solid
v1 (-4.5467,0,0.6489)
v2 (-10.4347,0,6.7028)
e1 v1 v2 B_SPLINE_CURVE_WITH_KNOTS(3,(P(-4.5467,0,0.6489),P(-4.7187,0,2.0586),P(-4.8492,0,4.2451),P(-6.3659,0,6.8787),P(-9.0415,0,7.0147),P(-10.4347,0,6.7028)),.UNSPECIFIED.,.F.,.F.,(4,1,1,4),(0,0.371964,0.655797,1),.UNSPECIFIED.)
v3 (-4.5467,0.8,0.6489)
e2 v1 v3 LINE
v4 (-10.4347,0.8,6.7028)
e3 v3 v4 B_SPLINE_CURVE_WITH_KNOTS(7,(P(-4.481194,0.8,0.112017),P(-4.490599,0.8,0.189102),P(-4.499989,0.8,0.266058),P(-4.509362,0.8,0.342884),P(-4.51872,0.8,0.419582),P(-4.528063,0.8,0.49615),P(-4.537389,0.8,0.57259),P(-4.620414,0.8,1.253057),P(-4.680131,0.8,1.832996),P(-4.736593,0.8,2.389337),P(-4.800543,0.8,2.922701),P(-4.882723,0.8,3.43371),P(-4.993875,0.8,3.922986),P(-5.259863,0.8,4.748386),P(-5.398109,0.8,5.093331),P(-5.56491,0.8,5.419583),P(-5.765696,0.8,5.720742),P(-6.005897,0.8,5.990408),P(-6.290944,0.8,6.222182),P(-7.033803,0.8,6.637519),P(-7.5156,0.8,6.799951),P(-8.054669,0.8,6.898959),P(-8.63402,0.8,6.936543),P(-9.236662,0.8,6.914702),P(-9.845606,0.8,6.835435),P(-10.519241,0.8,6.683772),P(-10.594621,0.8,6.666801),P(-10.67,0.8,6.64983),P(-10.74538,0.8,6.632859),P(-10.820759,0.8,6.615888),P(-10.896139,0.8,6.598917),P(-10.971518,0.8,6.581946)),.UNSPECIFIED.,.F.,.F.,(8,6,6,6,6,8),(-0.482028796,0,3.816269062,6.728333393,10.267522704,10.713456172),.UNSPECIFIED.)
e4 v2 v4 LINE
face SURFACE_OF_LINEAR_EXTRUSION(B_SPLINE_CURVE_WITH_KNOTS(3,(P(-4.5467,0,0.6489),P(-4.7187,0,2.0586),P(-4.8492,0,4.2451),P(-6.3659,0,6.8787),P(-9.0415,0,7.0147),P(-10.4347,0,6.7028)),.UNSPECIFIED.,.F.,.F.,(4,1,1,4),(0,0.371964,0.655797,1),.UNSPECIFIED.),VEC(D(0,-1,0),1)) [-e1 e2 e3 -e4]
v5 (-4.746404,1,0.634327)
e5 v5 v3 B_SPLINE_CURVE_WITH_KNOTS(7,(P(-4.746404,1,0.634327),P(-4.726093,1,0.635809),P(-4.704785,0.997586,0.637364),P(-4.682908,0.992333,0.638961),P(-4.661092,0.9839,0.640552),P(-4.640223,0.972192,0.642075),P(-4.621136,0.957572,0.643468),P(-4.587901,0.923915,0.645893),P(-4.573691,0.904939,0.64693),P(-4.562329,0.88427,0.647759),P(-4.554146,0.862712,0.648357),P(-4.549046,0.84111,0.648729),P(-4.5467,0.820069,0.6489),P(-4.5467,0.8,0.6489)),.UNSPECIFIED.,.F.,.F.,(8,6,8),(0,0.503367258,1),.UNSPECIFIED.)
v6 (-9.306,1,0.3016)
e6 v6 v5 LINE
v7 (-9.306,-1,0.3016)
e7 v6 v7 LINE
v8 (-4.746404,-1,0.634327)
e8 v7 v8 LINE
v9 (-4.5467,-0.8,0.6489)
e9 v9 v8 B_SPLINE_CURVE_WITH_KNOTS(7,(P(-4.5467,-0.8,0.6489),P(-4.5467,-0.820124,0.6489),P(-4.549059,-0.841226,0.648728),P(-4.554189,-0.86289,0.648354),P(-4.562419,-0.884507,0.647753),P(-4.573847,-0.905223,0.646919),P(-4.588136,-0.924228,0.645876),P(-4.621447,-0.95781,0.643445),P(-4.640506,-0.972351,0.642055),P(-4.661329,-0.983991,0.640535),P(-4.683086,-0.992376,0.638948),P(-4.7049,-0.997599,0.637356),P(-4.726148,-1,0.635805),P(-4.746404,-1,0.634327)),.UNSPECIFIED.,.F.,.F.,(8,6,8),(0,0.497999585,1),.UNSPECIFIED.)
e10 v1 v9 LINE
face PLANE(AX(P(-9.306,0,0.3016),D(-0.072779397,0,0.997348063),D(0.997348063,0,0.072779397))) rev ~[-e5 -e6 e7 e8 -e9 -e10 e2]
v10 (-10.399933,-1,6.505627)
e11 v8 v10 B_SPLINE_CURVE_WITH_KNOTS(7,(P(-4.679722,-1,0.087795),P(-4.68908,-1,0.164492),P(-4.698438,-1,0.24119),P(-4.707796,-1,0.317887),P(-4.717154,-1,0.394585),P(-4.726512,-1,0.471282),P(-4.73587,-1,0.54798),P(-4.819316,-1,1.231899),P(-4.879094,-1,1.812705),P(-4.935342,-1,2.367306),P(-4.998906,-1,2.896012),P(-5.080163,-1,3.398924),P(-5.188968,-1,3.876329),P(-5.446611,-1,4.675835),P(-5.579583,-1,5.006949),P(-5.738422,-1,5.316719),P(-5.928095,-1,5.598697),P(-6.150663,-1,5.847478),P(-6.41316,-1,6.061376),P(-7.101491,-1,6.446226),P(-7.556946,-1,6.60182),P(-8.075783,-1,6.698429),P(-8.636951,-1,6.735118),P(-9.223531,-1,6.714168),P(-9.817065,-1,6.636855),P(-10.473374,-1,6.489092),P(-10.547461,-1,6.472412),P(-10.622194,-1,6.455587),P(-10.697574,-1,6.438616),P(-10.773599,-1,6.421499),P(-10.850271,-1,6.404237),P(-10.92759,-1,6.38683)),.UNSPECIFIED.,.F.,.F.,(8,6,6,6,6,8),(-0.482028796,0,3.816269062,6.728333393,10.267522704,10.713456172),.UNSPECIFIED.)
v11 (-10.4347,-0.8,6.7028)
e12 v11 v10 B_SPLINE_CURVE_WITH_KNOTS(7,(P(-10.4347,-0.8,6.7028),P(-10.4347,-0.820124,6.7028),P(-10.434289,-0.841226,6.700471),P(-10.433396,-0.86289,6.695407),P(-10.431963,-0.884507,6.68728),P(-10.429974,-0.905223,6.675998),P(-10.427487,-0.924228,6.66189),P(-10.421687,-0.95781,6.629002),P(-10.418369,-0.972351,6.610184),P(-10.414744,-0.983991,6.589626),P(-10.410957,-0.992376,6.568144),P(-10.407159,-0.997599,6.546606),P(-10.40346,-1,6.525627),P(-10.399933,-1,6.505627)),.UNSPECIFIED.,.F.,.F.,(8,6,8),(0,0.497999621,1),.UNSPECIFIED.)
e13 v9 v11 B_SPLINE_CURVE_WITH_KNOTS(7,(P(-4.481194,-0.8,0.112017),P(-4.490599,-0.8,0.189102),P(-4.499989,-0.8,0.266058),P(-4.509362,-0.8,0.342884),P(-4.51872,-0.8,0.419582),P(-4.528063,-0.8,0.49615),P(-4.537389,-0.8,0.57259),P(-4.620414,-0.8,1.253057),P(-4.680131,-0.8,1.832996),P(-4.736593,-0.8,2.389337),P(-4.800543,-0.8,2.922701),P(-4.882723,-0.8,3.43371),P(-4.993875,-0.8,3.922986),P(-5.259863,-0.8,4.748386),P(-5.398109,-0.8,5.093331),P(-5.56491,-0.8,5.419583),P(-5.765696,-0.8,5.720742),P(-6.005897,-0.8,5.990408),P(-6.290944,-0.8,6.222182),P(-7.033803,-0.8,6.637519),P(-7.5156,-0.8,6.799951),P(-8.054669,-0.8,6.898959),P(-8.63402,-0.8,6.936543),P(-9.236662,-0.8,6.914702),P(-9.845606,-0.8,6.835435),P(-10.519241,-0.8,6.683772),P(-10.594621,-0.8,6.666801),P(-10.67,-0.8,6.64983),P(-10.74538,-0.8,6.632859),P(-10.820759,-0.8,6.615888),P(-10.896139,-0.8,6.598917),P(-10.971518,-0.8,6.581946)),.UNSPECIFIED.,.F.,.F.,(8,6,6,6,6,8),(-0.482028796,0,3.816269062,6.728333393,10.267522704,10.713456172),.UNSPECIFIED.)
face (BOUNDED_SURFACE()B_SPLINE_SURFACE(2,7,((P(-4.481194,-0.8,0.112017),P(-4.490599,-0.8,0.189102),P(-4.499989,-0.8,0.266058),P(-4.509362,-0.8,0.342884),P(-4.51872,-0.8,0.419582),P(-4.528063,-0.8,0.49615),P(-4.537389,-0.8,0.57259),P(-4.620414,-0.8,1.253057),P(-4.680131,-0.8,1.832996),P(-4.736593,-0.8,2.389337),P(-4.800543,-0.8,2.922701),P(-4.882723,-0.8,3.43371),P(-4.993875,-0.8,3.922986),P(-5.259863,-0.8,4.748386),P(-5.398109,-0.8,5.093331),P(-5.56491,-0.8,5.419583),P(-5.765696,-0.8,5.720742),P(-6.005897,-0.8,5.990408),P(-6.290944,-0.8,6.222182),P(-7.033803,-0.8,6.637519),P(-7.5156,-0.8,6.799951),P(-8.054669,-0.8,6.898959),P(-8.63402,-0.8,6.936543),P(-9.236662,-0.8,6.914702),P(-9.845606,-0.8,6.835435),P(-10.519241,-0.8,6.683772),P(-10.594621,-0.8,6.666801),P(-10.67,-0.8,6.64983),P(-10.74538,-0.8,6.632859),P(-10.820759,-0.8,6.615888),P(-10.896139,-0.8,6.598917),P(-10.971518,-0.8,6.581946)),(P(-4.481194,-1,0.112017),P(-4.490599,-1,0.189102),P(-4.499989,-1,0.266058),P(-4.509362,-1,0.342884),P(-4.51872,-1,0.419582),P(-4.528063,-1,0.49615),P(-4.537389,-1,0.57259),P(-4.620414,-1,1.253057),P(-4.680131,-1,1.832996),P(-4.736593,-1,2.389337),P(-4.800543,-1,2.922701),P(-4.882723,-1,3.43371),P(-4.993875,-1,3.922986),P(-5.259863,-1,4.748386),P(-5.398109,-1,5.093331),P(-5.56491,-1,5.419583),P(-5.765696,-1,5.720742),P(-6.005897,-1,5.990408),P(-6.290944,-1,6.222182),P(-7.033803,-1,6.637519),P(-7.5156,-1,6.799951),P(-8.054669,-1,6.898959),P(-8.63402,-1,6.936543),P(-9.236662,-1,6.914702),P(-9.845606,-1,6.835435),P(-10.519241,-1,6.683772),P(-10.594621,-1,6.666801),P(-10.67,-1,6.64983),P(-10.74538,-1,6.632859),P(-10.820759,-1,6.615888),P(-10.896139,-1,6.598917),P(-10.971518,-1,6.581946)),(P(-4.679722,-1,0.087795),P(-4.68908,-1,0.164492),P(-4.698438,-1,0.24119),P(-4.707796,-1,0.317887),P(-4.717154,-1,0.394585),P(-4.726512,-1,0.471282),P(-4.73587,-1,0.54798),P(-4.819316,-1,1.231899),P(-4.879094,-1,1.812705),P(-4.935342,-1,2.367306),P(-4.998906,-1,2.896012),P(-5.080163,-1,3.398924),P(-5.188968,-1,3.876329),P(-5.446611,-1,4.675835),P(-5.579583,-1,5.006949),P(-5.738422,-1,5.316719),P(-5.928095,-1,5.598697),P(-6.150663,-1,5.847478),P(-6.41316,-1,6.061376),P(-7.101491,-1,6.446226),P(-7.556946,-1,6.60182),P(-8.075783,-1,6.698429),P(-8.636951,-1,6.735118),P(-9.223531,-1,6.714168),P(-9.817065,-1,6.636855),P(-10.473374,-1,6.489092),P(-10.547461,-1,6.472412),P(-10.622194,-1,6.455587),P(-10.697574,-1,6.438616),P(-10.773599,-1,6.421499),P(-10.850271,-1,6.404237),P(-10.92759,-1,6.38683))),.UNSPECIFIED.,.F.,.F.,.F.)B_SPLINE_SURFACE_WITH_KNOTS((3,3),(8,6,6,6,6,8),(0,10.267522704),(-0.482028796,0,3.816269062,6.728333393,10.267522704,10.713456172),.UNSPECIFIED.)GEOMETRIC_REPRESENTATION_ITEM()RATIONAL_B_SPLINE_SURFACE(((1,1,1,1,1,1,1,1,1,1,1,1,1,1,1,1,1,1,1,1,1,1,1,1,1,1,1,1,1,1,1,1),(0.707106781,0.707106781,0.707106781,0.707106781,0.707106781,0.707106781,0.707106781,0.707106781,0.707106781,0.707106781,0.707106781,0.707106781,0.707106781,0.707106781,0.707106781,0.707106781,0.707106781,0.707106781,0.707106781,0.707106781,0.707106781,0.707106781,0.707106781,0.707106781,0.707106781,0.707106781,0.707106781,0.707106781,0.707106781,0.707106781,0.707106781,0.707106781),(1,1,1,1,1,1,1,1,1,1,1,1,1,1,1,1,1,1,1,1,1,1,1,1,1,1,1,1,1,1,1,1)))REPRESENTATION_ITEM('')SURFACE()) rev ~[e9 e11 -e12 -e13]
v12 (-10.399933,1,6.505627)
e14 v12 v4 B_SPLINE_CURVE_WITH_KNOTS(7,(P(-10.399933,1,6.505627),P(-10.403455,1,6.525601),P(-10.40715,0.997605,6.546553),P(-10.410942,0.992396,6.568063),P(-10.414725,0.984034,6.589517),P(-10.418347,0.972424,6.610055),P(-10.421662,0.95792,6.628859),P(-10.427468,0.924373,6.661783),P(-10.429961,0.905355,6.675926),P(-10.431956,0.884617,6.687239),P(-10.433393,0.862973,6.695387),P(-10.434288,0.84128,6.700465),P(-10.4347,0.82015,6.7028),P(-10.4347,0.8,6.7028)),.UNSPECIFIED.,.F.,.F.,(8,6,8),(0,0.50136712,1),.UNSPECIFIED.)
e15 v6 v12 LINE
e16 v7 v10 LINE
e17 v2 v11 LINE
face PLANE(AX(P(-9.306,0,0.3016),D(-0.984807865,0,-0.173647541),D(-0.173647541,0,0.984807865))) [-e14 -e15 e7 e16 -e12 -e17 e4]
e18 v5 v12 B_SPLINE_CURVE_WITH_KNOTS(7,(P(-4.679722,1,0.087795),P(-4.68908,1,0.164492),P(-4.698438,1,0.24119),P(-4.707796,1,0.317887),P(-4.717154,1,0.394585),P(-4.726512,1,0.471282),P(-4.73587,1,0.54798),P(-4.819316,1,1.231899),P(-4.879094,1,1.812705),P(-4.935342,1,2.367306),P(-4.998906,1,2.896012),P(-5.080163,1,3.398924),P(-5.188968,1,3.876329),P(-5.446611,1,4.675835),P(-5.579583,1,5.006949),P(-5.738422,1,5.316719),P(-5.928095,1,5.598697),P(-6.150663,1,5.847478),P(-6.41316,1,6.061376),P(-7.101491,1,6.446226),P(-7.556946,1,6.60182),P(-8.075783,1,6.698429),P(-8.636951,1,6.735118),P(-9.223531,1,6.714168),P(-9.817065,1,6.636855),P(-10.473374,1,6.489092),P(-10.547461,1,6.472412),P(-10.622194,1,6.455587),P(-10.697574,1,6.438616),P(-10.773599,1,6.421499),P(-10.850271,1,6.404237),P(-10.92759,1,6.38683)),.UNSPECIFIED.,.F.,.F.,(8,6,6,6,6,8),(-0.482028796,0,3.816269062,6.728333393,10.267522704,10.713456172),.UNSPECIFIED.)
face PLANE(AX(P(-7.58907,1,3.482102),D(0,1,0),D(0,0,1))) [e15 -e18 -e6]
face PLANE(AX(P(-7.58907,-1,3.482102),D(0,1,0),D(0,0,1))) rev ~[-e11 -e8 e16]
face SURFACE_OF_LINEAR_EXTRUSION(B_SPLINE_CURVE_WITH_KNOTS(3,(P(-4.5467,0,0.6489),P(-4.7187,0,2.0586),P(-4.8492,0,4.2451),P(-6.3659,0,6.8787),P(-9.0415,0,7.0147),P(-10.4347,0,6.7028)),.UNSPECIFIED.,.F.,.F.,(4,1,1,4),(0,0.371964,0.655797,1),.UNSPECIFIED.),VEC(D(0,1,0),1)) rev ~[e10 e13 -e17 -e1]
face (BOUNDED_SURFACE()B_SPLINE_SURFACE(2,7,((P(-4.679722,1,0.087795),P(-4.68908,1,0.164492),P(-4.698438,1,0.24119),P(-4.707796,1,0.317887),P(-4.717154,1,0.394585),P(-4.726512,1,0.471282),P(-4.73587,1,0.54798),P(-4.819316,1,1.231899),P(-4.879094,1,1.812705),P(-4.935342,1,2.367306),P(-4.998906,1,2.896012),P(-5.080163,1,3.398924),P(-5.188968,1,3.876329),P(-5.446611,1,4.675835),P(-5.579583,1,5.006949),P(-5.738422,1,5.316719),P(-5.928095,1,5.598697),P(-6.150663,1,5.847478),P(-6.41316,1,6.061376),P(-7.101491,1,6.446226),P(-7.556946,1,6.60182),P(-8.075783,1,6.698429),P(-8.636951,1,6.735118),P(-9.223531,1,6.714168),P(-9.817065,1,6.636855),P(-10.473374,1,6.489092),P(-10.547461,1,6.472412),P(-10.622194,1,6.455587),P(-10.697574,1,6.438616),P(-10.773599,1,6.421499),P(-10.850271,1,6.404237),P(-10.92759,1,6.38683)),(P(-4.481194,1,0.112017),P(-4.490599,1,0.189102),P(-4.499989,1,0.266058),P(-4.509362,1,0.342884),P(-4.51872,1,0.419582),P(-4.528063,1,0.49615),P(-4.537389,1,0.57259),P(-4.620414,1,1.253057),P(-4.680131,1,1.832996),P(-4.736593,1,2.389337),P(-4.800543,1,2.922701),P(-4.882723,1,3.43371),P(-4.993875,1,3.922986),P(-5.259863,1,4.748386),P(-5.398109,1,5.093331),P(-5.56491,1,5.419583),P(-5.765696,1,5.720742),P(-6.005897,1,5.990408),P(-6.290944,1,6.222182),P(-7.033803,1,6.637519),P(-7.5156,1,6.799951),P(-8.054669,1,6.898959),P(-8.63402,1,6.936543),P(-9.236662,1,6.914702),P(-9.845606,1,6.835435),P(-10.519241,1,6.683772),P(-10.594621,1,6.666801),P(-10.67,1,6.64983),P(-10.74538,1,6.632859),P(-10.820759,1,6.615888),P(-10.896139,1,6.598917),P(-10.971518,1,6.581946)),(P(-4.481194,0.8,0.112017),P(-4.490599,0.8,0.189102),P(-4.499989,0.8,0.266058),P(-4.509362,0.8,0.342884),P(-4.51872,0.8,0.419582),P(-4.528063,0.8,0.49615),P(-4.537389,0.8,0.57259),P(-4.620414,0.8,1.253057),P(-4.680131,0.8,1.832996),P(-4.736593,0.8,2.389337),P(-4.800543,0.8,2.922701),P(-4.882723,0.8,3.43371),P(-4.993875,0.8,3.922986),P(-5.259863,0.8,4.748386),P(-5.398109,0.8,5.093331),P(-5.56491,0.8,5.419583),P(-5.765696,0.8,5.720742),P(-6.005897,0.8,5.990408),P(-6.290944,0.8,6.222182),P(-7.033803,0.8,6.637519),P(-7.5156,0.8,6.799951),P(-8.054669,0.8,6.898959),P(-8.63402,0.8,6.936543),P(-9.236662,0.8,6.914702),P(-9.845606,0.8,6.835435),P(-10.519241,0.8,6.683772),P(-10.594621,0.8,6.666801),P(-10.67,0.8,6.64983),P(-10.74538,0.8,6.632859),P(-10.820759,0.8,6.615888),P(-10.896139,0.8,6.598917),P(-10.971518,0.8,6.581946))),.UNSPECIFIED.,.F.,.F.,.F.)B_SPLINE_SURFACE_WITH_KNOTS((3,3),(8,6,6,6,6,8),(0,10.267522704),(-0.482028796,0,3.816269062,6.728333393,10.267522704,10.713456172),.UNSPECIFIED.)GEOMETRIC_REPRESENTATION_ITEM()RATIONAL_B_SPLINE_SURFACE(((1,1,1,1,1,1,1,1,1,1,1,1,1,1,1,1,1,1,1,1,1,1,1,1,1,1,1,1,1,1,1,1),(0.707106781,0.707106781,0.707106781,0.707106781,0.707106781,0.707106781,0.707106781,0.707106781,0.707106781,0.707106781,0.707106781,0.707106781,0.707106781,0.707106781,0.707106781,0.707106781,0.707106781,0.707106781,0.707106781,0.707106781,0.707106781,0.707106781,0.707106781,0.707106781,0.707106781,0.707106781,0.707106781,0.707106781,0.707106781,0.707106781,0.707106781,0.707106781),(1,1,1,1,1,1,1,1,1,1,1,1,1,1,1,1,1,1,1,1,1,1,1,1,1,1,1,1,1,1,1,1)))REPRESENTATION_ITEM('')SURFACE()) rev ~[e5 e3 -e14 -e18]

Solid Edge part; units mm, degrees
sketch "Sketch1" plane through (0, 0, 0) normal (0, -1, 0) x (1, 0, 0)
  line L0 (-9.306, 0.3016) -> (-10.4347, 6.7028)
  spline S0 degree 3 poles (-4.5467, 0.6489) (-4.7187, 2.0586) (-4.8492, 4.2451) (-6.3659, 6.8787) (-9.0415, 7.0147) (-10.4347, 6.7028) knots 0 0 0 0 0.371964 0.655797 1 1 1 1
  line L1 (-9.306, 0.3016) -> (-4.5467, 0.6489)
extrude "Protrusion1" add sketch "Sketch1" along normal mid plane 2
fillet "Round_1" radius 0.2 1 edges at (-5.7206, -1, 5.5885)
fillet "Round_2" radius 0.2 1 edges at (-5.7206, 1, 5.5885)
properties material "Polypropylene, high impact"
